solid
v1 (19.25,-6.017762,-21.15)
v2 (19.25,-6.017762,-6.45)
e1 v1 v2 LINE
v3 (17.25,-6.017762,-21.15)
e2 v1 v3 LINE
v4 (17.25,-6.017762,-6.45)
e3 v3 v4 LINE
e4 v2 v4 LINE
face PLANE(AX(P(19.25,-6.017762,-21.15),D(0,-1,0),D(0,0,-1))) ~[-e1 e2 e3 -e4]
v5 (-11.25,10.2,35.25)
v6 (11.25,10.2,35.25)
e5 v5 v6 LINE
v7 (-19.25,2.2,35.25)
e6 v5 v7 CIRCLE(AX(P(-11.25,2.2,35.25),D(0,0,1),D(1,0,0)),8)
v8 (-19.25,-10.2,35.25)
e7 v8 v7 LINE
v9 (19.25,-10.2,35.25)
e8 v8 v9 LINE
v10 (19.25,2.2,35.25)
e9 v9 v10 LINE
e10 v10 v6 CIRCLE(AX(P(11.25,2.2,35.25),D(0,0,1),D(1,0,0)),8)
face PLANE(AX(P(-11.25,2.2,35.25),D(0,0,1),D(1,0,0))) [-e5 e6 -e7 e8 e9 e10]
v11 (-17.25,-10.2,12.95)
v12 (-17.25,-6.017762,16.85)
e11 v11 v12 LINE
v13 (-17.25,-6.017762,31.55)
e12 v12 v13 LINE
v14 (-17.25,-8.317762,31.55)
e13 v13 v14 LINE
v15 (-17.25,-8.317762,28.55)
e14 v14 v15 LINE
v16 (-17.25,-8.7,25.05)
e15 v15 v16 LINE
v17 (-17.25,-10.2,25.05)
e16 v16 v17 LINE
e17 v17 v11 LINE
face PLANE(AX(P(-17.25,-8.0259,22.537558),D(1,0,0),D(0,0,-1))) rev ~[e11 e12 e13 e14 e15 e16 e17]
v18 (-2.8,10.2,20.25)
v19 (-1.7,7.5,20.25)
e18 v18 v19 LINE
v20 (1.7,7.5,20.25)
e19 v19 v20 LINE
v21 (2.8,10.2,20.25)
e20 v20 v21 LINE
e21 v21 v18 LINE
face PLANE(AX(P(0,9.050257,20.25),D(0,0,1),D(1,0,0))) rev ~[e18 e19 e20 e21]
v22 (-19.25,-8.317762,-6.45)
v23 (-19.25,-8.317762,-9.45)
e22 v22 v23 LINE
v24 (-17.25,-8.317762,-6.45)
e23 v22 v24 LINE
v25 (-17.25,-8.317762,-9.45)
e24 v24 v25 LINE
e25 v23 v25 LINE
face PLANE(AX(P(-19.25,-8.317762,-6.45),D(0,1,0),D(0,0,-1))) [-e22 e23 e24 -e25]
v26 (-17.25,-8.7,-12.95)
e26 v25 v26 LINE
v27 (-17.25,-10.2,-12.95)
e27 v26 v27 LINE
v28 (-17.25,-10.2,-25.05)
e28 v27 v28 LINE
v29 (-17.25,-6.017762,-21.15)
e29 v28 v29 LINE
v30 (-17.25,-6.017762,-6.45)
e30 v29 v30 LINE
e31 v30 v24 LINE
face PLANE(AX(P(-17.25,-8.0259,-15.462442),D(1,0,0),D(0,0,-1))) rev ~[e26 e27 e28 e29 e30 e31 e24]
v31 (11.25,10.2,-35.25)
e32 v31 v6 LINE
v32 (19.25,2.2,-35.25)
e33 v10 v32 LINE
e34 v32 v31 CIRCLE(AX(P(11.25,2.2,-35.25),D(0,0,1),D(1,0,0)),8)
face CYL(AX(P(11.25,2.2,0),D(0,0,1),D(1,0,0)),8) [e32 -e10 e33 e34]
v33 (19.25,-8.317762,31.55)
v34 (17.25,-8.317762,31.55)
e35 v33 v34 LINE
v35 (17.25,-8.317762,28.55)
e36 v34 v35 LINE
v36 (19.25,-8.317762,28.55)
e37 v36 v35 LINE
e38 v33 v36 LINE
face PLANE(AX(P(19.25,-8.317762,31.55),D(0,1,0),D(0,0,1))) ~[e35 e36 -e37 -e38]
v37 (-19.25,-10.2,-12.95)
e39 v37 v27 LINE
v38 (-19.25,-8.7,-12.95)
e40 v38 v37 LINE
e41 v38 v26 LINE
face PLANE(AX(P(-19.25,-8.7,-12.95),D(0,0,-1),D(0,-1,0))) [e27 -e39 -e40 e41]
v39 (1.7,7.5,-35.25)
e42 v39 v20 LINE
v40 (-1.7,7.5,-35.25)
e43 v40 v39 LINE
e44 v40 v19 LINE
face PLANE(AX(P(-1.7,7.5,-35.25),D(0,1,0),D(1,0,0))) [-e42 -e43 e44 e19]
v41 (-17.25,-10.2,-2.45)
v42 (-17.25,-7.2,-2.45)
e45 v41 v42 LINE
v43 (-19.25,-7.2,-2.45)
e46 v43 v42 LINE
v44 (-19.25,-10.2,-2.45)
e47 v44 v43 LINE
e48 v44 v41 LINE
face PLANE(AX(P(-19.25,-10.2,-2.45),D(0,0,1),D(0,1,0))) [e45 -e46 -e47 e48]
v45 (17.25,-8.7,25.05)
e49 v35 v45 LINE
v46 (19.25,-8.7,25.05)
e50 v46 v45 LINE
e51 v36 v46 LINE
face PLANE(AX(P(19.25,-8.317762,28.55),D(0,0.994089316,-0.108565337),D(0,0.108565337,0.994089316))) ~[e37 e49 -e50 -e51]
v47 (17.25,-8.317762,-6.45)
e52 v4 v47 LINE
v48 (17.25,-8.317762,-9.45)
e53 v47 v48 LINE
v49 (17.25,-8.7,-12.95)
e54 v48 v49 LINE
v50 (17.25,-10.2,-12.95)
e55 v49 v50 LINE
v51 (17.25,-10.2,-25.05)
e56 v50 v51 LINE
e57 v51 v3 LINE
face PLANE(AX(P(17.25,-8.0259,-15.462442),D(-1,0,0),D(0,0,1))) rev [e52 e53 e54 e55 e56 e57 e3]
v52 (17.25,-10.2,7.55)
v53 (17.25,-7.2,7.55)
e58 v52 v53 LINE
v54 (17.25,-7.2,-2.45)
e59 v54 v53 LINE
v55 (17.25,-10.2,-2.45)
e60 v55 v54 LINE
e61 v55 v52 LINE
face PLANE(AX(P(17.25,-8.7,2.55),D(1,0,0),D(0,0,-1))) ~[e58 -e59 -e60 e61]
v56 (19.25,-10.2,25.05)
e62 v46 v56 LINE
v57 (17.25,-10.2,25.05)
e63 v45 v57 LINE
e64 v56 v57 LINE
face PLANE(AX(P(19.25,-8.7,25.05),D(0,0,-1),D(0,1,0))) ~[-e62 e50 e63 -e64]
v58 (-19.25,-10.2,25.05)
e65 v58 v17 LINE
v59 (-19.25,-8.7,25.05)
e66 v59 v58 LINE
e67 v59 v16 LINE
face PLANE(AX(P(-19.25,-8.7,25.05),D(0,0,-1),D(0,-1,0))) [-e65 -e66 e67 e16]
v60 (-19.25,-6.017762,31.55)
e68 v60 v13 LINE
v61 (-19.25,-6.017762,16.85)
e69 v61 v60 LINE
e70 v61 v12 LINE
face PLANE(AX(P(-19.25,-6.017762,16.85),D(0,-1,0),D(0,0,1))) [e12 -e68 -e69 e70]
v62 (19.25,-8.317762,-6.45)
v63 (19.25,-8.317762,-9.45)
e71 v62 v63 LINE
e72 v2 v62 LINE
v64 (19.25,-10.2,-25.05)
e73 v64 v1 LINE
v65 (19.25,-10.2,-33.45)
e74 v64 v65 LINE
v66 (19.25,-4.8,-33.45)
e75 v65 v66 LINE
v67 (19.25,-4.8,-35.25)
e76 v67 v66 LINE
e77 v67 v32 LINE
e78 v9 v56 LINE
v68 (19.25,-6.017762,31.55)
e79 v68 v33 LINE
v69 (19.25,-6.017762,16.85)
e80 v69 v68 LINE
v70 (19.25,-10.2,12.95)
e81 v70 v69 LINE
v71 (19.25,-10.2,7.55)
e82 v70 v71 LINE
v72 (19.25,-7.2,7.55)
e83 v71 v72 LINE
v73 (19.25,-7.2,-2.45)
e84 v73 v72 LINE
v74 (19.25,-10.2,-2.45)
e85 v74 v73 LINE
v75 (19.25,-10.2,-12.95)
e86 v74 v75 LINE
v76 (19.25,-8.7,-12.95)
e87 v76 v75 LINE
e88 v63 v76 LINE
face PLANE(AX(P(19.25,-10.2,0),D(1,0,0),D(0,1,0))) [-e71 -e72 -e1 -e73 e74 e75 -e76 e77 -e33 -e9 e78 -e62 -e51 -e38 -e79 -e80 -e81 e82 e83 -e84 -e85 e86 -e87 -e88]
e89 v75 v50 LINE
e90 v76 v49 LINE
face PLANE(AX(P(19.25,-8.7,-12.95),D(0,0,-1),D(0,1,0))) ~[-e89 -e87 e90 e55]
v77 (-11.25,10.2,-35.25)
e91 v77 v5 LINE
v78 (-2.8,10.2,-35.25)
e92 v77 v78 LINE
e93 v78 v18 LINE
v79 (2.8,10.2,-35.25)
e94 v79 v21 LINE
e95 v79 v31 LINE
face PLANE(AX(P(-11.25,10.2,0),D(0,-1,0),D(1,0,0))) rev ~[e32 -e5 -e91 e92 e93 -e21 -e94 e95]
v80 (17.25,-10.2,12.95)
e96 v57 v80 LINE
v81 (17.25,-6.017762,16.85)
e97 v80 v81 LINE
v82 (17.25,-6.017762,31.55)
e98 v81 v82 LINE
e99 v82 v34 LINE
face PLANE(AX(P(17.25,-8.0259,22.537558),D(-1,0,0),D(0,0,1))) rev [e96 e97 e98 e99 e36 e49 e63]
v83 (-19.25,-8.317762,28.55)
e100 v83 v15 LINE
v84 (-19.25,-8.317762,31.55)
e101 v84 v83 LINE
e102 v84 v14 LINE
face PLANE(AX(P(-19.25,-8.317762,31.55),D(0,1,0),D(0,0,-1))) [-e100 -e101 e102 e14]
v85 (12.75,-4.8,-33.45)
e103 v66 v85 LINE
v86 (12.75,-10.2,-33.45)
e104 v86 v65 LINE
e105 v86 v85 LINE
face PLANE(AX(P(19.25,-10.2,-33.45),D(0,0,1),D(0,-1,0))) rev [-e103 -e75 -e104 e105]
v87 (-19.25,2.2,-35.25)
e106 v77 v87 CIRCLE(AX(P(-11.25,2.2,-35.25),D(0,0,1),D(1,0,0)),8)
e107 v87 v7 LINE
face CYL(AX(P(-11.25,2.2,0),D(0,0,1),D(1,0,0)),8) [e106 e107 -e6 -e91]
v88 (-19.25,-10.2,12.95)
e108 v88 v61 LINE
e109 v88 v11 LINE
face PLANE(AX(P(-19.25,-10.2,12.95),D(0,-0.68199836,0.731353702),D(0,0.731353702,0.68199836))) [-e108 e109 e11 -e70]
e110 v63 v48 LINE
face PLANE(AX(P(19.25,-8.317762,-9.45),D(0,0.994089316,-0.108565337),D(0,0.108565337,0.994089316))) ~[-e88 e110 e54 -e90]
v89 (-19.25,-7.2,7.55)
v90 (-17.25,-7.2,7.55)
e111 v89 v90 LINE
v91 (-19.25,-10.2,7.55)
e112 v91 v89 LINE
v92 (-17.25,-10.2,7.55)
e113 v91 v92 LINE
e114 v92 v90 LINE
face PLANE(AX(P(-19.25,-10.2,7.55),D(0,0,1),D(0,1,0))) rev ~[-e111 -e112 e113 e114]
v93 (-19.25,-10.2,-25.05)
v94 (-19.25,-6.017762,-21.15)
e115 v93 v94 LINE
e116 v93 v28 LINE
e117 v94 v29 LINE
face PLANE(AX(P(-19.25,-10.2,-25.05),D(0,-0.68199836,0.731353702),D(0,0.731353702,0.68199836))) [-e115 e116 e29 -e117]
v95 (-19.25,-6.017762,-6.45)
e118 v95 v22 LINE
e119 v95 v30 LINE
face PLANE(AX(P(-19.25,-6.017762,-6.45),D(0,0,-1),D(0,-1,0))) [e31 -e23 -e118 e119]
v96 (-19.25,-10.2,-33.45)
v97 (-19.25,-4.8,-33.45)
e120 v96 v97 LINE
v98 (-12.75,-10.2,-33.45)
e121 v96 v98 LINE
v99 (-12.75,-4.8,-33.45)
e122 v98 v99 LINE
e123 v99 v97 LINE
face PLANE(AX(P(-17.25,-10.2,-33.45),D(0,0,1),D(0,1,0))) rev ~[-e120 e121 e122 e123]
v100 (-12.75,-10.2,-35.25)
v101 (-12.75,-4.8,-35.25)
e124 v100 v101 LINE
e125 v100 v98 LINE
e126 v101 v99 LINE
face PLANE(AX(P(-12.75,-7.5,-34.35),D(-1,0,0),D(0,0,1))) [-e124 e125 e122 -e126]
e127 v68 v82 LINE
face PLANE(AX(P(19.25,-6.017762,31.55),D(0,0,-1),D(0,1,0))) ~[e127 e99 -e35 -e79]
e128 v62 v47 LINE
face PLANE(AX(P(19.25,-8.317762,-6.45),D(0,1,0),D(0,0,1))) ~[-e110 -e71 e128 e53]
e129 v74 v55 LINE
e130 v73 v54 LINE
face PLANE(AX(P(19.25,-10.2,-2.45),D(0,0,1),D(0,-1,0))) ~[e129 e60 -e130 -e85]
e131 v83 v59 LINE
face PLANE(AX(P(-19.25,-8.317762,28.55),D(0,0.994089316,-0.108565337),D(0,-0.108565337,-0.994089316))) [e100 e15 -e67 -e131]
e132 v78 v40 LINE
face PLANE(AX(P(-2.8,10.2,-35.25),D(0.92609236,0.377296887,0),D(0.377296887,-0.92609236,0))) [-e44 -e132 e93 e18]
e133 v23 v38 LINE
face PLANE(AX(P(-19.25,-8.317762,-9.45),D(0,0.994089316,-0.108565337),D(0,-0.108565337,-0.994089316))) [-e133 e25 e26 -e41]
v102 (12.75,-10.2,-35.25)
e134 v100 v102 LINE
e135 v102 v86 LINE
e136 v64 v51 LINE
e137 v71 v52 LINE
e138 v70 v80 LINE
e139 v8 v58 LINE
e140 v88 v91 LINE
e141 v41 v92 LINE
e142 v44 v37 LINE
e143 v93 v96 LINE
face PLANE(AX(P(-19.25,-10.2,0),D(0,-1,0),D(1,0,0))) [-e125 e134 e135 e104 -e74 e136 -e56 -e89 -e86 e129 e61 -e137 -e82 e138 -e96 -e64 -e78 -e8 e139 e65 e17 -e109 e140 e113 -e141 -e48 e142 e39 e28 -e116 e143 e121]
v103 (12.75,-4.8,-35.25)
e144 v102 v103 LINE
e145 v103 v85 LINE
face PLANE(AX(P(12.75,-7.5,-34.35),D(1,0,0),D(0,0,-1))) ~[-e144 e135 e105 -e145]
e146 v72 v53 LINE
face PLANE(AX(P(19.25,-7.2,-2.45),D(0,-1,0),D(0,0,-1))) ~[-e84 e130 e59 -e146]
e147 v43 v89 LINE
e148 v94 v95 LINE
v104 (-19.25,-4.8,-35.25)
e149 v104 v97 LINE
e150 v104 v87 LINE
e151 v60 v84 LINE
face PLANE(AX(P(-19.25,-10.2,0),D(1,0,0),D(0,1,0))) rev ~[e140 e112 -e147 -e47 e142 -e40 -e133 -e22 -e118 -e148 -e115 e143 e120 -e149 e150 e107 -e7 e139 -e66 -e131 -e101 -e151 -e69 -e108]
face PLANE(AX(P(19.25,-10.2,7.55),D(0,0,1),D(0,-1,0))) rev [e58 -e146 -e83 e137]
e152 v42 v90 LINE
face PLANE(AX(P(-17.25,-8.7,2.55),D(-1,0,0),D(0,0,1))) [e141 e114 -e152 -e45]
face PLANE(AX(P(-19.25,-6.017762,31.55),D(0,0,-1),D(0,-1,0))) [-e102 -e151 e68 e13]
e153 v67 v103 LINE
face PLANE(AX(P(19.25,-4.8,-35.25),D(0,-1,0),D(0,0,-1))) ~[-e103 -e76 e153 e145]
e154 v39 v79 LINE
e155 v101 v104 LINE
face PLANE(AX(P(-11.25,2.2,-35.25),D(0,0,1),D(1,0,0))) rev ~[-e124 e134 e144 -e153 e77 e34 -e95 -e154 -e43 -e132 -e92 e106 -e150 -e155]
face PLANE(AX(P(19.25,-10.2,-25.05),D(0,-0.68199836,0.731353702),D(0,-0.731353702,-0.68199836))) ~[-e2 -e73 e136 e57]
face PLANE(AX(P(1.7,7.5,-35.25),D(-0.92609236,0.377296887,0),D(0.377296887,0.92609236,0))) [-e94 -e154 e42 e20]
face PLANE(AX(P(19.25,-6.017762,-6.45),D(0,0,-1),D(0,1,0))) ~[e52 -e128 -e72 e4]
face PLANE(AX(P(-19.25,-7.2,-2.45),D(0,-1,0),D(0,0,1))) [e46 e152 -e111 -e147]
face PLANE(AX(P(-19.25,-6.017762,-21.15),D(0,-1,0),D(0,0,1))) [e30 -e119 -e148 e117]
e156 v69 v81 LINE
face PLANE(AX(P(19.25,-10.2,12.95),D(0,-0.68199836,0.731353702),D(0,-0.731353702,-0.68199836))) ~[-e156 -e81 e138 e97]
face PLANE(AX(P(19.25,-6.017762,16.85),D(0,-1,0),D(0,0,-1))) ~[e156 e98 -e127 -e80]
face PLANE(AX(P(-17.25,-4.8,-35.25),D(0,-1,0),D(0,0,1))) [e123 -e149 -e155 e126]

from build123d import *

# Parameters (mm, degrees)
SKETCH_1_R          = 8
SKETCH_1_W          = 38.5
SKETCH_1_H          = 12.4
SKETCH_1_W_2        = 22.5
SKETCH_1_H_2        = 8
EXTRUDE_1_DEPTH     = 35.25
CUT_EXTRUDE_1_DEPTH = 55.5
SKETCH_3_W          = 1.8
SKETCH_3_H          = 5.4
SKETCH_3_W_2        = 10
SKETCH_3_H_2        = 3
CUT_EXTRUDE_2_DEPTH = 2
SKETCH_4_W          = 1.8
SKETCH_4_H          = 5.4
CUT_EXTRUDE_3_DEPTH = 4.5


with BuildPart() as part:
    # 草图1 → 凸台-拉伸1 (new, symmetric)
    with BuildSketch(Plane.XY):
        with Locations((-11.25, 2.2)):
            Circle(SKETCH_1_R)
        with Locations((11.25, 2.2)):
            Circle(SKETCH_1_R)
        with Locations((0, -4)):
            Rectangle(SKETCH_1_W, SKETCH_1_H)
        with Locations((0, 6.2)):
            Rectangle(SKETCH_1_W_2, SKETCH_1_H_2)
    extrude(amount=EXTRUDE_1_DEPTH, both=True)

    # 草图2 → 切除-拉伸1 (cut)
    with BuildSketch(Plane(origin=(0, 0, -35.25), x_dir=(-1, 0, 0), z_dir=(0, 0, -1))):
        Polygon((-2.8, 10.2), (2.8, 10.2), (1.7, 7.5), (-1.7, 7.5), align=None)
    cut_extrude_1 = extrude(amount=-CUT_EXTRUDE_1_DEPTH, mode=Mode.SUBTRACT)

    # 草图3 → 切除-拉伸2 (cut)
    with BuildSketch(Plane.ZY.offset(19.25)):
        with Locations((-34.35, -7.5)):
            Rectangle(SKETCH_3_W, SKETCH_3_H)
        Polygon((-25.05, -10.2), (-21.15, -6.017762031), (-6.45, -6.017762031), (-6.45, -8.317762031), (-9.45, -8.317762031), (-12.95, -8.7), (-12.95, -10.2), align=None)
        with Locations((2.55, -8.7)):
            Rectangle(SKETCH_3_W_2, SKETCH_3_H_2)
        Polygon((12.95, -10.2), (16.85, -6.017762031), (31.55, -6.017762031), (31.55, -8.317762031), (28.55, -8.317762031), (25.05, -8.7), (25.05, -10.2), align=None)
    cut_extrude_2 = extrude(amount=-CUT_EXTRUDE_2_DEPTH, mode=Mode.SUBTRACT)

    # 草图4 → 切除-拉伸3 (cut)
    with BuildSketch(Plane.ZY.offset(17.25)):
        with Locations((-34.35, -7.5)):
            Rectangle(SKETCH_4_W, SKETCH_4_H)
    cut_extrude_3 = extrude(amount=-CUT_EXTRUDE_3_DEPTH, mode=Mode.SUBTRACT)

    # 镜向1: 切除-拉伸1, 切除-拉伸2, 切除-拉伸3 across plane
    add(cut_extrude_1.mirror(Plane(origin=(0, 0, 0), x_dir=(0, 0, 1), z_dir=(1, 0, 0))), mode=Mode.SUBTRACT)
    add(cut_extrude_2.mirror(Plane(origin=(0, 0, 0), x_dir=(0, 0, 1), z_dir=(1, 0, 0))), mode=Mode.SUBTRACT)
    add(cut_extrude_3.mirror(Plane(origin=(0, 0, 0), x_dir=(0, 0, 1), z_dir=(1, 0, 0))), mode=Mode.SUBTRACT)


solid = part.part
